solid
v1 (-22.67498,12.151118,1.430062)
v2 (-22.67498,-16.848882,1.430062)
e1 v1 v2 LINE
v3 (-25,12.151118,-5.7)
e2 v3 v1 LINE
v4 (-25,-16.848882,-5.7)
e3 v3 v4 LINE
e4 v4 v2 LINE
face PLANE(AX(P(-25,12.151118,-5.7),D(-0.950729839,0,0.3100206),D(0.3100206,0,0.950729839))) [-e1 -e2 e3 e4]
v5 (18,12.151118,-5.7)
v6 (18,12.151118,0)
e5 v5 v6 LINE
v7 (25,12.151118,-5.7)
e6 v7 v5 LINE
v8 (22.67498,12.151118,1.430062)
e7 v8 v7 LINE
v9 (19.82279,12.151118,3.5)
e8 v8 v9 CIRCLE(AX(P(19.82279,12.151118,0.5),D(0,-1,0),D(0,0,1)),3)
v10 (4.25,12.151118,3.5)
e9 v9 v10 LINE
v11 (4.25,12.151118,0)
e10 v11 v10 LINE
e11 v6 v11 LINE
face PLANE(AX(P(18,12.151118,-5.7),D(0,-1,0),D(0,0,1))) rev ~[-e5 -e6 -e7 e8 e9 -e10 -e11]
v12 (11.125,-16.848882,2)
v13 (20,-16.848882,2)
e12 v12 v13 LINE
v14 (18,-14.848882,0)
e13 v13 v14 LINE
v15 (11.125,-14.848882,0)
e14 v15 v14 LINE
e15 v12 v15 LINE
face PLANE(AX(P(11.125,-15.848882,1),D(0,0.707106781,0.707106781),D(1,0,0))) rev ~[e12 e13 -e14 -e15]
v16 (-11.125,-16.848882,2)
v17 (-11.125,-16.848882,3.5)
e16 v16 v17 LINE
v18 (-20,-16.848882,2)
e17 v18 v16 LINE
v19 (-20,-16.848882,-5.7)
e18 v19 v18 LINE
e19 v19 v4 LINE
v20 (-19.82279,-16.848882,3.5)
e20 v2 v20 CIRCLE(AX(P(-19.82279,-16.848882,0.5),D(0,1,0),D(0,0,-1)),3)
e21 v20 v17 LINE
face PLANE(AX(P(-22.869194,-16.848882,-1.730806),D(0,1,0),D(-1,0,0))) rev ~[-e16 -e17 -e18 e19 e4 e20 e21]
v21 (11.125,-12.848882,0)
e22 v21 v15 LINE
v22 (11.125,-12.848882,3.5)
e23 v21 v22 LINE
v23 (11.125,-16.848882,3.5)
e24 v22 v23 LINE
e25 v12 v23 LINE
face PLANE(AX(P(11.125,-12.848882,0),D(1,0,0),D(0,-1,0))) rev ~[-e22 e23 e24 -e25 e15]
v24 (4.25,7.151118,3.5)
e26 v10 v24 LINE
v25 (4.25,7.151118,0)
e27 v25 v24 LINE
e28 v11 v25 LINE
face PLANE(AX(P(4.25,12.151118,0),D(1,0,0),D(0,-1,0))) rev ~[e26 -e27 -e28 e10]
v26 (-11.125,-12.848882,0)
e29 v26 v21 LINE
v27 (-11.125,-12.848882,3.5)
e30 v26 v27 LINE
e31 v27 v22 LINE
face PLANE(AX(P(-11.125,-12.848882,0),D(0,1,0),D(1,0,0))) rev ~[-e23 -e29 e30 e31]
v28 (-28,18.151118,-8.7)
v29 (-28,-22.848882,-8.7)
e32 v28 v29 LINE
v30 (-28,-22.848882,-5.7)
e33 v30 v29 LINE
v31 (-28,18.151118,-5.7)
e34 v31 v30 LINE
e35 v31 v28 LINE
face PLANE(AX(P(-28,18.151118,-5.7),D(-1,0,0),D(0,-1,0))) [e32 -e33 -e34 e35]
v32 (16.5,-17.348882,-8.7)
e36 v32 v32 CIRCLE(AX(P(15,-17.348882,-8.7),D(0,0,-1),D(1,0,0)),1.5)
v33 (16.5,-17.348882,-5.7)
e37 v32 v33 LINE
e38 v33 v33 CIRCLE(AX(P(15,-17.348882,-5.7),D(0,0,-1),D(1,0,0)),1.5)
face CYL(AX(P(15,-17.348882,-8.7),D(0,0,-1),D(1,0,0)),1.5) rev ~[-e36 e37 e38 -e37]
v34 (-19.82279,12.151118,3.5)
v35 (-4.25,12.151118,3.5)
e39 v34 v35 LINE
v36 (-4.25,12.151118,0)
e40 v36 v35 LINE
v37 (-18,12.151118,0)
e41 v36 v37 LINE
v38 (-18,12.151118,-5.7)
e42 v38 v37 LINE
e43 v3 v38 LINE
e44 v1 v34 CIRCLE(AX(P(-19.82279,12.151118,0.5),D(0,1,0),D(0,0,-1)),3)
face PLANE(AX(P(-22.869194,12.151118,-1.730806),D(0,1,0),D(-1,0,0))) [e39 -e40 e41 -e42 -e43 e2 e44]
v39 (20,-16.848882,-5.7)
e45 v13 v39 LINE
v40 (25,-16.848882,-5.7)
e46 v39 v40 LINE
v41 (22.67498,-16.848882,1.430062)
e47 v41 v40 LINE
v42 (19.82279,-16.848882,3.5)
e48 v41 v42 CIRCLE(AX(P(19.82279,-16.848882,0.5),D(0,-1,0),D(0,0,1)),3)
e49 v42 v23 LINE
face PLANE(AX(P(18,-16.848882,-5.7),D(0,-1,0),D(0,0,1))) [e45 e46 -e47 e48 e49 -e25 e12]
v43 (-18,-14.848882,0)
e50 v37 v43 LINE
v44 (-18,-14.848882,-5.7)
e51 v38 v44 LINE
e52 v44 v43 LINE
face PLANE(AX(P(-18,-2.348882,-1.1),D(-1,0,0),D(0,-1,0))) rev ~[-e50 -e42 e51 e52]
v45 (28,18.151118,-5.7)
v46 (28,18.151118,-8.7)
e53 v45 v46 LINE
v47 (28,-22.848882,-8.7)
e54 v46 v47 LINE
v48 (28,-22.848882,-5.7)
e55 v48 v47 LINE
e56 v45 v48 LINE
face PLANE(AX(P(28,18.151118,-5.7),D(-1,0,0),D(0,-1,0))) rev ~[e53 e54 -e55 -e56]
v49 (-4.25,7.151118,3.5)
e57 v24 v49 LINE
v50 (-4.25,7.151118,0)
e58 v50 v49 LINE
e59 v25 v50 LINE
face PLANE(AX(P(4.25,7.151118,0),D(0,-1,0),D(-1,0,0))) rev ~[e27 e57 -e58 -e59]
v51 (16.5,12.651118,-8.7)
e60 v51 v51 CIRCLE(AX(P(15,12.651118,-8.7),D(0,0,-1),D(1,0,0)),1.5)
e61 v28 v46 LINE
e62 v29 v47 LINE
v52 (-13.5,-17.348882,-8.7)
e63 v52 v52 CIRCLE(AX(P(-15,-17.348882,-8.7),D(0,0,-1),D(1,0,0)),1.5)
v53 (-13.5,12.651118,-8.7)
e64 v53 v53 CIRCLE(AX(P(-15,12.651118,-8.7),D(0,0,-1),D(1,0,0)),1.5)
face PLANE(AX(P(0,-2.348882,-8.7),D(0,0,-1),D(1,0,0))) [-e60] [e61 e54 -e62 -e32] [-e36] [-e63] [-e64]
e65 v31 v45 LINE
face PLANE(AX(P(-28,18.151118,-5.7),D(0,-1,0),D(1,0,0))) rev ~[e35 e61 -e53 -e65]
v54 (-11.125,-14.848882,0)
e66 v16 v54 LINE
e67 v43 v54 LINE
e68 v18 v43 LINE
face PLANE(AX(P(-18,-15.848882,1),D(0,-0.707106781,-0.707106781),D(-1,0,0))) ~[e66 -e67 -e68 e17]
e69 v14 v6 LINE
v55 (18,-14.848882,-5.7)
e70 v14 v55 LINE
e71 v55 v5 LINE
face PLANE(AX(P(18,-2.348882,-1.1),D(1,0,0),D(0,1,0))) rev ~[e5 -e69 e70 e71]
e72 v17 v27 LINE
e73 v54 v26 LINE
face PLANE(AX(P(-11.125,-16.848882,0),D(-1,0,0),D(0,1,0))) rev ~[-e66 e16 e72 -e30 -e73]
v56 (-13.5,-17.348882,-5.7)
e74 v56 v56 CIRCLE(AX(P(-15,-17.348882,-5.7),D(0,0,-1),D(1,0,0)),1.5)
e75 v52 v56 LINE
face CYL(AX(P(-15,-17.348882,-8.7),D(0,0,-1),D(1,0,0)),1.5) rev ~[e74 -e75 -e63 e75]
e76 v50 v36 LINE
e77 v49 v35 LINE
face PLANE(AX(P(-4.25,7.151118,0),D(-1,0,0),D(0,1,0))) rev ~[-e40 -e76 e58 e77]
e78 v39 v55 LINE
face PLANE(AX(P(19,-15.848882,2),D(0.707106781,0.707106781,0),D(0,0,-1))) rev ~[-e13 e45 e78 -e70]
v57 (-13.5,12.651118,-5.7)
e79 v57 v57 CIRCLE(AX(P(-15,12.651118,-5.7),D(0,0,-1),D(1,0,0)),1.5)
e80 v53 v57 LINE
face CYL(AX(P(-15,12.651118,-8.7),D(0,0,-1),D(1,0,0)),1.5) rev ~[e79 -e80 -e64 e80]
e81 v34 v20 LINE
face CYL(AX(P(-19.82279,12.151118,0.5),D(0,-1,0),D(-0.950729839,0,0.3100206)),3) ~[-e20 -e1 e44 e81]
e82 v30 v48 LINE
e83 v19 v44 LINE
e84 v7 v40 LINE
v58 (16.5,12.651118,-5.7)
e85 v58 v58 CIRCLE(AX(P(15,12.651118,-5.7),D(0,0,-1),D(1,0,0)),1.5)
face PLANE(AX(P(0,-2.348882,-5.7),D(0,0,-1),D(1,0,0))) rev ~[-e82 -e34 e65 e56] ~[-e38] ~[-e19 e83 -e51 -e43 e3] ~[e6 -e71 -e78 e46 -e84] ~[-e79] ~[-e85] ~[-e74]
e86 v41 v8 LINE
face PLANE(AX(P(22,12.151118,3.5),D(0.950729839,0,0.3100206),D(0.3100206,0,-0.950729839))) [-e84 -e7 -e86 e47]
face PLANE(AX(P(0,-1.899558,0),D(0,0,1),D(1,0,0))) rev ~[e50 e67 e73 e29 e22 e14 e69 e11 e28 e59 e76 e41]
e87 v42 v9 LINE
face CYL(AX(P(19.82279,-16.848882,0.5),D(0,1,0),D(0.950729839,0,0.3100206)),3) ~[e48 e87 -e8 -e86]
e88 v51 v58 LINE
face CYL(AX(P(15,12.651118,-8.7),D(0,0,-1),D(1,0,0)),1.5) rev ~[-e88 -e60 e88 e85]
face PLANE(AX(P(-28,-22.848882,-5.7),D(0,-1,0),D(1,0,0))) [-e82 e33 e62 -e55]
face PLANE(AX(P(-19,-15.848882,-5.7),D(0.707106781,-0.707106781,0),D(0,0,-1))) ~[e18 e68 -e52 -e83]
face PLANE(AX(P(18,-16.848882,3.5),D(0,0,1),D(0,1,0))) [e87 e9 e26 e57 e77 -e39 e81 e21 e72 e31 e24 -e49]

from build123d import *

# Parameters (mm, degrees)
F1_DEPTH  = 3.5
F2_W      = 29
F2_H      = 9.2
F3_DEPTH  = 4
F4_W      = 29
F4_H      = 9.2
F5_DEPTH  = 4
F6_SIZE   = 2
F7_W      = 4
F7_H      = 15
F8_DEPTH  = 3
F9_SIZE   = 2
F11_DEPTH = 29
F12_R     = 3
F13_W     = 56
F13_H     = 41
F14_DEPTH = 3
F15_R     = 1.5
F16_DEPTH = 3


with BuildPart() as f1:
    # F0 (on Top) → F1 (new body)
    with BuildSketch(Plane.XY):
        Polygon((-4.25, 12.1511180716), (-18, 12.1511180716), (-18, -16.8488819284), (-11.125, -16.8488819284), (-11.125, -12.8488819284), (11.125, -12.8488819284), (11.125, -16.8488819284), (18, -16.8488819284), (18, 12.1511180716), (4.25, 12.1511180716), (4.25, 7.1511180716), (-4.25, 7.1511180716), align=None)
    extrude(amount=F1_DEPTH)

    # F2 (on face) → F3 (join)
    with BuildSketch(Plane(origin=(-18, 0, 0), x_dir=(0, -1, 0), z_dir=(-1, 0, 0))):
        with Locations((2.3488819284, -1.1)):
            Rectangle(F2_W, F2_H)
    extrude(amount=F3_DEPTH)

    # F4 (on face) → F5 (join)
    with BuildSketch(Plane.YZ.offset(18)):
        with Locations((-2.3488819284, -1.1)):
            Rectangle(F4_W, F4_H)
    extrude(amount=F5_DEPTH)

    # F6
    f6_edges = [f1.edges().sort_by_distance(p)[0] for p in [
        (-14.5625, -16.848882, 0),
        (14.5625, -16.848882, 0),
    ]]
    chamfer(f6_edges, length=F6_SIZE)

    # F7 (on face) → F8 (join)
    with BuildSketch(Plane(origin=(0, 0, -5.7), x_dir=(1, 0, 0), z_dir=(0, 0, -1))):
        with Locations((20, 2.3488819284)):
            Rectangle(F7_W, F7_H)
        with Locations((-20, 2.3488819284)):
            Rectangle(F7_W, F7_H)
    extrude(amount=F8_DEPTH)

    # F9
    f9_edges = [f1.edges().sort_by_distance(p)[0] for p in [
        (18, -16.848882, -1.85),
        (-18, -16.848882, -1.85),
    ]]
    chamfer(f9_edges, length=F9_SIZE)

    # F10 (on face) → F11 (join, through all)
    with BuildSketch(Plane(origin=(0, 12.1511180716, 0), x_dir=(-1, 0, 0), z_dir=(0, 1, 0))):
        Polygon((25, -5.7), (22, 3.5), (22, -5.7), align=None)
        Polygon((-22, -5.7), (-22, 3.5), (-25, -5.7), align=None)
    extrude(amount=-F11_DEPTH)

    # F12
    f12_edges = [f1.edges().sort_by_distance(p)[0] for p in [
        (-22, -2.348882, 3.5),
        (22, -2.348882, 3.5),
    ]]
    fillet(f12_edges, radius=F12_R)

    # F13 (on face) → F14 (join, through all)
    with BuildSketch(Plane(origin=(0, 0, -5.7), x_dir=(1, 0, 0), z_dir=(0, 0, -1))):
        with Locations((0, 2.3488819284)):
            Rectangle(F13_W, F13_H)
    extrude(amount=F14_DEPTH)

    # F15 (on face) → F16 (cut, through all)
    with BuildSketch(Plane(origin=(0, 0, -8.7), x_dir=(1, 0, 0), z_dir=(0, 0, -1))):
        with Locations((-15, 17.3488819284)):
            Circle(F15_R)
        with Locations((15, 17.3488819284)):
            Circle(F15_R)
        with Locations((15, -12.6511180716)):
            Circle(F15_R)
        with Locations((-15, -12.6511180716)):
            Circle(F15_R)
    extrude(amount=-F16_DEPTH, mode=Mode.SUBTRACT)


solid = f1.part
